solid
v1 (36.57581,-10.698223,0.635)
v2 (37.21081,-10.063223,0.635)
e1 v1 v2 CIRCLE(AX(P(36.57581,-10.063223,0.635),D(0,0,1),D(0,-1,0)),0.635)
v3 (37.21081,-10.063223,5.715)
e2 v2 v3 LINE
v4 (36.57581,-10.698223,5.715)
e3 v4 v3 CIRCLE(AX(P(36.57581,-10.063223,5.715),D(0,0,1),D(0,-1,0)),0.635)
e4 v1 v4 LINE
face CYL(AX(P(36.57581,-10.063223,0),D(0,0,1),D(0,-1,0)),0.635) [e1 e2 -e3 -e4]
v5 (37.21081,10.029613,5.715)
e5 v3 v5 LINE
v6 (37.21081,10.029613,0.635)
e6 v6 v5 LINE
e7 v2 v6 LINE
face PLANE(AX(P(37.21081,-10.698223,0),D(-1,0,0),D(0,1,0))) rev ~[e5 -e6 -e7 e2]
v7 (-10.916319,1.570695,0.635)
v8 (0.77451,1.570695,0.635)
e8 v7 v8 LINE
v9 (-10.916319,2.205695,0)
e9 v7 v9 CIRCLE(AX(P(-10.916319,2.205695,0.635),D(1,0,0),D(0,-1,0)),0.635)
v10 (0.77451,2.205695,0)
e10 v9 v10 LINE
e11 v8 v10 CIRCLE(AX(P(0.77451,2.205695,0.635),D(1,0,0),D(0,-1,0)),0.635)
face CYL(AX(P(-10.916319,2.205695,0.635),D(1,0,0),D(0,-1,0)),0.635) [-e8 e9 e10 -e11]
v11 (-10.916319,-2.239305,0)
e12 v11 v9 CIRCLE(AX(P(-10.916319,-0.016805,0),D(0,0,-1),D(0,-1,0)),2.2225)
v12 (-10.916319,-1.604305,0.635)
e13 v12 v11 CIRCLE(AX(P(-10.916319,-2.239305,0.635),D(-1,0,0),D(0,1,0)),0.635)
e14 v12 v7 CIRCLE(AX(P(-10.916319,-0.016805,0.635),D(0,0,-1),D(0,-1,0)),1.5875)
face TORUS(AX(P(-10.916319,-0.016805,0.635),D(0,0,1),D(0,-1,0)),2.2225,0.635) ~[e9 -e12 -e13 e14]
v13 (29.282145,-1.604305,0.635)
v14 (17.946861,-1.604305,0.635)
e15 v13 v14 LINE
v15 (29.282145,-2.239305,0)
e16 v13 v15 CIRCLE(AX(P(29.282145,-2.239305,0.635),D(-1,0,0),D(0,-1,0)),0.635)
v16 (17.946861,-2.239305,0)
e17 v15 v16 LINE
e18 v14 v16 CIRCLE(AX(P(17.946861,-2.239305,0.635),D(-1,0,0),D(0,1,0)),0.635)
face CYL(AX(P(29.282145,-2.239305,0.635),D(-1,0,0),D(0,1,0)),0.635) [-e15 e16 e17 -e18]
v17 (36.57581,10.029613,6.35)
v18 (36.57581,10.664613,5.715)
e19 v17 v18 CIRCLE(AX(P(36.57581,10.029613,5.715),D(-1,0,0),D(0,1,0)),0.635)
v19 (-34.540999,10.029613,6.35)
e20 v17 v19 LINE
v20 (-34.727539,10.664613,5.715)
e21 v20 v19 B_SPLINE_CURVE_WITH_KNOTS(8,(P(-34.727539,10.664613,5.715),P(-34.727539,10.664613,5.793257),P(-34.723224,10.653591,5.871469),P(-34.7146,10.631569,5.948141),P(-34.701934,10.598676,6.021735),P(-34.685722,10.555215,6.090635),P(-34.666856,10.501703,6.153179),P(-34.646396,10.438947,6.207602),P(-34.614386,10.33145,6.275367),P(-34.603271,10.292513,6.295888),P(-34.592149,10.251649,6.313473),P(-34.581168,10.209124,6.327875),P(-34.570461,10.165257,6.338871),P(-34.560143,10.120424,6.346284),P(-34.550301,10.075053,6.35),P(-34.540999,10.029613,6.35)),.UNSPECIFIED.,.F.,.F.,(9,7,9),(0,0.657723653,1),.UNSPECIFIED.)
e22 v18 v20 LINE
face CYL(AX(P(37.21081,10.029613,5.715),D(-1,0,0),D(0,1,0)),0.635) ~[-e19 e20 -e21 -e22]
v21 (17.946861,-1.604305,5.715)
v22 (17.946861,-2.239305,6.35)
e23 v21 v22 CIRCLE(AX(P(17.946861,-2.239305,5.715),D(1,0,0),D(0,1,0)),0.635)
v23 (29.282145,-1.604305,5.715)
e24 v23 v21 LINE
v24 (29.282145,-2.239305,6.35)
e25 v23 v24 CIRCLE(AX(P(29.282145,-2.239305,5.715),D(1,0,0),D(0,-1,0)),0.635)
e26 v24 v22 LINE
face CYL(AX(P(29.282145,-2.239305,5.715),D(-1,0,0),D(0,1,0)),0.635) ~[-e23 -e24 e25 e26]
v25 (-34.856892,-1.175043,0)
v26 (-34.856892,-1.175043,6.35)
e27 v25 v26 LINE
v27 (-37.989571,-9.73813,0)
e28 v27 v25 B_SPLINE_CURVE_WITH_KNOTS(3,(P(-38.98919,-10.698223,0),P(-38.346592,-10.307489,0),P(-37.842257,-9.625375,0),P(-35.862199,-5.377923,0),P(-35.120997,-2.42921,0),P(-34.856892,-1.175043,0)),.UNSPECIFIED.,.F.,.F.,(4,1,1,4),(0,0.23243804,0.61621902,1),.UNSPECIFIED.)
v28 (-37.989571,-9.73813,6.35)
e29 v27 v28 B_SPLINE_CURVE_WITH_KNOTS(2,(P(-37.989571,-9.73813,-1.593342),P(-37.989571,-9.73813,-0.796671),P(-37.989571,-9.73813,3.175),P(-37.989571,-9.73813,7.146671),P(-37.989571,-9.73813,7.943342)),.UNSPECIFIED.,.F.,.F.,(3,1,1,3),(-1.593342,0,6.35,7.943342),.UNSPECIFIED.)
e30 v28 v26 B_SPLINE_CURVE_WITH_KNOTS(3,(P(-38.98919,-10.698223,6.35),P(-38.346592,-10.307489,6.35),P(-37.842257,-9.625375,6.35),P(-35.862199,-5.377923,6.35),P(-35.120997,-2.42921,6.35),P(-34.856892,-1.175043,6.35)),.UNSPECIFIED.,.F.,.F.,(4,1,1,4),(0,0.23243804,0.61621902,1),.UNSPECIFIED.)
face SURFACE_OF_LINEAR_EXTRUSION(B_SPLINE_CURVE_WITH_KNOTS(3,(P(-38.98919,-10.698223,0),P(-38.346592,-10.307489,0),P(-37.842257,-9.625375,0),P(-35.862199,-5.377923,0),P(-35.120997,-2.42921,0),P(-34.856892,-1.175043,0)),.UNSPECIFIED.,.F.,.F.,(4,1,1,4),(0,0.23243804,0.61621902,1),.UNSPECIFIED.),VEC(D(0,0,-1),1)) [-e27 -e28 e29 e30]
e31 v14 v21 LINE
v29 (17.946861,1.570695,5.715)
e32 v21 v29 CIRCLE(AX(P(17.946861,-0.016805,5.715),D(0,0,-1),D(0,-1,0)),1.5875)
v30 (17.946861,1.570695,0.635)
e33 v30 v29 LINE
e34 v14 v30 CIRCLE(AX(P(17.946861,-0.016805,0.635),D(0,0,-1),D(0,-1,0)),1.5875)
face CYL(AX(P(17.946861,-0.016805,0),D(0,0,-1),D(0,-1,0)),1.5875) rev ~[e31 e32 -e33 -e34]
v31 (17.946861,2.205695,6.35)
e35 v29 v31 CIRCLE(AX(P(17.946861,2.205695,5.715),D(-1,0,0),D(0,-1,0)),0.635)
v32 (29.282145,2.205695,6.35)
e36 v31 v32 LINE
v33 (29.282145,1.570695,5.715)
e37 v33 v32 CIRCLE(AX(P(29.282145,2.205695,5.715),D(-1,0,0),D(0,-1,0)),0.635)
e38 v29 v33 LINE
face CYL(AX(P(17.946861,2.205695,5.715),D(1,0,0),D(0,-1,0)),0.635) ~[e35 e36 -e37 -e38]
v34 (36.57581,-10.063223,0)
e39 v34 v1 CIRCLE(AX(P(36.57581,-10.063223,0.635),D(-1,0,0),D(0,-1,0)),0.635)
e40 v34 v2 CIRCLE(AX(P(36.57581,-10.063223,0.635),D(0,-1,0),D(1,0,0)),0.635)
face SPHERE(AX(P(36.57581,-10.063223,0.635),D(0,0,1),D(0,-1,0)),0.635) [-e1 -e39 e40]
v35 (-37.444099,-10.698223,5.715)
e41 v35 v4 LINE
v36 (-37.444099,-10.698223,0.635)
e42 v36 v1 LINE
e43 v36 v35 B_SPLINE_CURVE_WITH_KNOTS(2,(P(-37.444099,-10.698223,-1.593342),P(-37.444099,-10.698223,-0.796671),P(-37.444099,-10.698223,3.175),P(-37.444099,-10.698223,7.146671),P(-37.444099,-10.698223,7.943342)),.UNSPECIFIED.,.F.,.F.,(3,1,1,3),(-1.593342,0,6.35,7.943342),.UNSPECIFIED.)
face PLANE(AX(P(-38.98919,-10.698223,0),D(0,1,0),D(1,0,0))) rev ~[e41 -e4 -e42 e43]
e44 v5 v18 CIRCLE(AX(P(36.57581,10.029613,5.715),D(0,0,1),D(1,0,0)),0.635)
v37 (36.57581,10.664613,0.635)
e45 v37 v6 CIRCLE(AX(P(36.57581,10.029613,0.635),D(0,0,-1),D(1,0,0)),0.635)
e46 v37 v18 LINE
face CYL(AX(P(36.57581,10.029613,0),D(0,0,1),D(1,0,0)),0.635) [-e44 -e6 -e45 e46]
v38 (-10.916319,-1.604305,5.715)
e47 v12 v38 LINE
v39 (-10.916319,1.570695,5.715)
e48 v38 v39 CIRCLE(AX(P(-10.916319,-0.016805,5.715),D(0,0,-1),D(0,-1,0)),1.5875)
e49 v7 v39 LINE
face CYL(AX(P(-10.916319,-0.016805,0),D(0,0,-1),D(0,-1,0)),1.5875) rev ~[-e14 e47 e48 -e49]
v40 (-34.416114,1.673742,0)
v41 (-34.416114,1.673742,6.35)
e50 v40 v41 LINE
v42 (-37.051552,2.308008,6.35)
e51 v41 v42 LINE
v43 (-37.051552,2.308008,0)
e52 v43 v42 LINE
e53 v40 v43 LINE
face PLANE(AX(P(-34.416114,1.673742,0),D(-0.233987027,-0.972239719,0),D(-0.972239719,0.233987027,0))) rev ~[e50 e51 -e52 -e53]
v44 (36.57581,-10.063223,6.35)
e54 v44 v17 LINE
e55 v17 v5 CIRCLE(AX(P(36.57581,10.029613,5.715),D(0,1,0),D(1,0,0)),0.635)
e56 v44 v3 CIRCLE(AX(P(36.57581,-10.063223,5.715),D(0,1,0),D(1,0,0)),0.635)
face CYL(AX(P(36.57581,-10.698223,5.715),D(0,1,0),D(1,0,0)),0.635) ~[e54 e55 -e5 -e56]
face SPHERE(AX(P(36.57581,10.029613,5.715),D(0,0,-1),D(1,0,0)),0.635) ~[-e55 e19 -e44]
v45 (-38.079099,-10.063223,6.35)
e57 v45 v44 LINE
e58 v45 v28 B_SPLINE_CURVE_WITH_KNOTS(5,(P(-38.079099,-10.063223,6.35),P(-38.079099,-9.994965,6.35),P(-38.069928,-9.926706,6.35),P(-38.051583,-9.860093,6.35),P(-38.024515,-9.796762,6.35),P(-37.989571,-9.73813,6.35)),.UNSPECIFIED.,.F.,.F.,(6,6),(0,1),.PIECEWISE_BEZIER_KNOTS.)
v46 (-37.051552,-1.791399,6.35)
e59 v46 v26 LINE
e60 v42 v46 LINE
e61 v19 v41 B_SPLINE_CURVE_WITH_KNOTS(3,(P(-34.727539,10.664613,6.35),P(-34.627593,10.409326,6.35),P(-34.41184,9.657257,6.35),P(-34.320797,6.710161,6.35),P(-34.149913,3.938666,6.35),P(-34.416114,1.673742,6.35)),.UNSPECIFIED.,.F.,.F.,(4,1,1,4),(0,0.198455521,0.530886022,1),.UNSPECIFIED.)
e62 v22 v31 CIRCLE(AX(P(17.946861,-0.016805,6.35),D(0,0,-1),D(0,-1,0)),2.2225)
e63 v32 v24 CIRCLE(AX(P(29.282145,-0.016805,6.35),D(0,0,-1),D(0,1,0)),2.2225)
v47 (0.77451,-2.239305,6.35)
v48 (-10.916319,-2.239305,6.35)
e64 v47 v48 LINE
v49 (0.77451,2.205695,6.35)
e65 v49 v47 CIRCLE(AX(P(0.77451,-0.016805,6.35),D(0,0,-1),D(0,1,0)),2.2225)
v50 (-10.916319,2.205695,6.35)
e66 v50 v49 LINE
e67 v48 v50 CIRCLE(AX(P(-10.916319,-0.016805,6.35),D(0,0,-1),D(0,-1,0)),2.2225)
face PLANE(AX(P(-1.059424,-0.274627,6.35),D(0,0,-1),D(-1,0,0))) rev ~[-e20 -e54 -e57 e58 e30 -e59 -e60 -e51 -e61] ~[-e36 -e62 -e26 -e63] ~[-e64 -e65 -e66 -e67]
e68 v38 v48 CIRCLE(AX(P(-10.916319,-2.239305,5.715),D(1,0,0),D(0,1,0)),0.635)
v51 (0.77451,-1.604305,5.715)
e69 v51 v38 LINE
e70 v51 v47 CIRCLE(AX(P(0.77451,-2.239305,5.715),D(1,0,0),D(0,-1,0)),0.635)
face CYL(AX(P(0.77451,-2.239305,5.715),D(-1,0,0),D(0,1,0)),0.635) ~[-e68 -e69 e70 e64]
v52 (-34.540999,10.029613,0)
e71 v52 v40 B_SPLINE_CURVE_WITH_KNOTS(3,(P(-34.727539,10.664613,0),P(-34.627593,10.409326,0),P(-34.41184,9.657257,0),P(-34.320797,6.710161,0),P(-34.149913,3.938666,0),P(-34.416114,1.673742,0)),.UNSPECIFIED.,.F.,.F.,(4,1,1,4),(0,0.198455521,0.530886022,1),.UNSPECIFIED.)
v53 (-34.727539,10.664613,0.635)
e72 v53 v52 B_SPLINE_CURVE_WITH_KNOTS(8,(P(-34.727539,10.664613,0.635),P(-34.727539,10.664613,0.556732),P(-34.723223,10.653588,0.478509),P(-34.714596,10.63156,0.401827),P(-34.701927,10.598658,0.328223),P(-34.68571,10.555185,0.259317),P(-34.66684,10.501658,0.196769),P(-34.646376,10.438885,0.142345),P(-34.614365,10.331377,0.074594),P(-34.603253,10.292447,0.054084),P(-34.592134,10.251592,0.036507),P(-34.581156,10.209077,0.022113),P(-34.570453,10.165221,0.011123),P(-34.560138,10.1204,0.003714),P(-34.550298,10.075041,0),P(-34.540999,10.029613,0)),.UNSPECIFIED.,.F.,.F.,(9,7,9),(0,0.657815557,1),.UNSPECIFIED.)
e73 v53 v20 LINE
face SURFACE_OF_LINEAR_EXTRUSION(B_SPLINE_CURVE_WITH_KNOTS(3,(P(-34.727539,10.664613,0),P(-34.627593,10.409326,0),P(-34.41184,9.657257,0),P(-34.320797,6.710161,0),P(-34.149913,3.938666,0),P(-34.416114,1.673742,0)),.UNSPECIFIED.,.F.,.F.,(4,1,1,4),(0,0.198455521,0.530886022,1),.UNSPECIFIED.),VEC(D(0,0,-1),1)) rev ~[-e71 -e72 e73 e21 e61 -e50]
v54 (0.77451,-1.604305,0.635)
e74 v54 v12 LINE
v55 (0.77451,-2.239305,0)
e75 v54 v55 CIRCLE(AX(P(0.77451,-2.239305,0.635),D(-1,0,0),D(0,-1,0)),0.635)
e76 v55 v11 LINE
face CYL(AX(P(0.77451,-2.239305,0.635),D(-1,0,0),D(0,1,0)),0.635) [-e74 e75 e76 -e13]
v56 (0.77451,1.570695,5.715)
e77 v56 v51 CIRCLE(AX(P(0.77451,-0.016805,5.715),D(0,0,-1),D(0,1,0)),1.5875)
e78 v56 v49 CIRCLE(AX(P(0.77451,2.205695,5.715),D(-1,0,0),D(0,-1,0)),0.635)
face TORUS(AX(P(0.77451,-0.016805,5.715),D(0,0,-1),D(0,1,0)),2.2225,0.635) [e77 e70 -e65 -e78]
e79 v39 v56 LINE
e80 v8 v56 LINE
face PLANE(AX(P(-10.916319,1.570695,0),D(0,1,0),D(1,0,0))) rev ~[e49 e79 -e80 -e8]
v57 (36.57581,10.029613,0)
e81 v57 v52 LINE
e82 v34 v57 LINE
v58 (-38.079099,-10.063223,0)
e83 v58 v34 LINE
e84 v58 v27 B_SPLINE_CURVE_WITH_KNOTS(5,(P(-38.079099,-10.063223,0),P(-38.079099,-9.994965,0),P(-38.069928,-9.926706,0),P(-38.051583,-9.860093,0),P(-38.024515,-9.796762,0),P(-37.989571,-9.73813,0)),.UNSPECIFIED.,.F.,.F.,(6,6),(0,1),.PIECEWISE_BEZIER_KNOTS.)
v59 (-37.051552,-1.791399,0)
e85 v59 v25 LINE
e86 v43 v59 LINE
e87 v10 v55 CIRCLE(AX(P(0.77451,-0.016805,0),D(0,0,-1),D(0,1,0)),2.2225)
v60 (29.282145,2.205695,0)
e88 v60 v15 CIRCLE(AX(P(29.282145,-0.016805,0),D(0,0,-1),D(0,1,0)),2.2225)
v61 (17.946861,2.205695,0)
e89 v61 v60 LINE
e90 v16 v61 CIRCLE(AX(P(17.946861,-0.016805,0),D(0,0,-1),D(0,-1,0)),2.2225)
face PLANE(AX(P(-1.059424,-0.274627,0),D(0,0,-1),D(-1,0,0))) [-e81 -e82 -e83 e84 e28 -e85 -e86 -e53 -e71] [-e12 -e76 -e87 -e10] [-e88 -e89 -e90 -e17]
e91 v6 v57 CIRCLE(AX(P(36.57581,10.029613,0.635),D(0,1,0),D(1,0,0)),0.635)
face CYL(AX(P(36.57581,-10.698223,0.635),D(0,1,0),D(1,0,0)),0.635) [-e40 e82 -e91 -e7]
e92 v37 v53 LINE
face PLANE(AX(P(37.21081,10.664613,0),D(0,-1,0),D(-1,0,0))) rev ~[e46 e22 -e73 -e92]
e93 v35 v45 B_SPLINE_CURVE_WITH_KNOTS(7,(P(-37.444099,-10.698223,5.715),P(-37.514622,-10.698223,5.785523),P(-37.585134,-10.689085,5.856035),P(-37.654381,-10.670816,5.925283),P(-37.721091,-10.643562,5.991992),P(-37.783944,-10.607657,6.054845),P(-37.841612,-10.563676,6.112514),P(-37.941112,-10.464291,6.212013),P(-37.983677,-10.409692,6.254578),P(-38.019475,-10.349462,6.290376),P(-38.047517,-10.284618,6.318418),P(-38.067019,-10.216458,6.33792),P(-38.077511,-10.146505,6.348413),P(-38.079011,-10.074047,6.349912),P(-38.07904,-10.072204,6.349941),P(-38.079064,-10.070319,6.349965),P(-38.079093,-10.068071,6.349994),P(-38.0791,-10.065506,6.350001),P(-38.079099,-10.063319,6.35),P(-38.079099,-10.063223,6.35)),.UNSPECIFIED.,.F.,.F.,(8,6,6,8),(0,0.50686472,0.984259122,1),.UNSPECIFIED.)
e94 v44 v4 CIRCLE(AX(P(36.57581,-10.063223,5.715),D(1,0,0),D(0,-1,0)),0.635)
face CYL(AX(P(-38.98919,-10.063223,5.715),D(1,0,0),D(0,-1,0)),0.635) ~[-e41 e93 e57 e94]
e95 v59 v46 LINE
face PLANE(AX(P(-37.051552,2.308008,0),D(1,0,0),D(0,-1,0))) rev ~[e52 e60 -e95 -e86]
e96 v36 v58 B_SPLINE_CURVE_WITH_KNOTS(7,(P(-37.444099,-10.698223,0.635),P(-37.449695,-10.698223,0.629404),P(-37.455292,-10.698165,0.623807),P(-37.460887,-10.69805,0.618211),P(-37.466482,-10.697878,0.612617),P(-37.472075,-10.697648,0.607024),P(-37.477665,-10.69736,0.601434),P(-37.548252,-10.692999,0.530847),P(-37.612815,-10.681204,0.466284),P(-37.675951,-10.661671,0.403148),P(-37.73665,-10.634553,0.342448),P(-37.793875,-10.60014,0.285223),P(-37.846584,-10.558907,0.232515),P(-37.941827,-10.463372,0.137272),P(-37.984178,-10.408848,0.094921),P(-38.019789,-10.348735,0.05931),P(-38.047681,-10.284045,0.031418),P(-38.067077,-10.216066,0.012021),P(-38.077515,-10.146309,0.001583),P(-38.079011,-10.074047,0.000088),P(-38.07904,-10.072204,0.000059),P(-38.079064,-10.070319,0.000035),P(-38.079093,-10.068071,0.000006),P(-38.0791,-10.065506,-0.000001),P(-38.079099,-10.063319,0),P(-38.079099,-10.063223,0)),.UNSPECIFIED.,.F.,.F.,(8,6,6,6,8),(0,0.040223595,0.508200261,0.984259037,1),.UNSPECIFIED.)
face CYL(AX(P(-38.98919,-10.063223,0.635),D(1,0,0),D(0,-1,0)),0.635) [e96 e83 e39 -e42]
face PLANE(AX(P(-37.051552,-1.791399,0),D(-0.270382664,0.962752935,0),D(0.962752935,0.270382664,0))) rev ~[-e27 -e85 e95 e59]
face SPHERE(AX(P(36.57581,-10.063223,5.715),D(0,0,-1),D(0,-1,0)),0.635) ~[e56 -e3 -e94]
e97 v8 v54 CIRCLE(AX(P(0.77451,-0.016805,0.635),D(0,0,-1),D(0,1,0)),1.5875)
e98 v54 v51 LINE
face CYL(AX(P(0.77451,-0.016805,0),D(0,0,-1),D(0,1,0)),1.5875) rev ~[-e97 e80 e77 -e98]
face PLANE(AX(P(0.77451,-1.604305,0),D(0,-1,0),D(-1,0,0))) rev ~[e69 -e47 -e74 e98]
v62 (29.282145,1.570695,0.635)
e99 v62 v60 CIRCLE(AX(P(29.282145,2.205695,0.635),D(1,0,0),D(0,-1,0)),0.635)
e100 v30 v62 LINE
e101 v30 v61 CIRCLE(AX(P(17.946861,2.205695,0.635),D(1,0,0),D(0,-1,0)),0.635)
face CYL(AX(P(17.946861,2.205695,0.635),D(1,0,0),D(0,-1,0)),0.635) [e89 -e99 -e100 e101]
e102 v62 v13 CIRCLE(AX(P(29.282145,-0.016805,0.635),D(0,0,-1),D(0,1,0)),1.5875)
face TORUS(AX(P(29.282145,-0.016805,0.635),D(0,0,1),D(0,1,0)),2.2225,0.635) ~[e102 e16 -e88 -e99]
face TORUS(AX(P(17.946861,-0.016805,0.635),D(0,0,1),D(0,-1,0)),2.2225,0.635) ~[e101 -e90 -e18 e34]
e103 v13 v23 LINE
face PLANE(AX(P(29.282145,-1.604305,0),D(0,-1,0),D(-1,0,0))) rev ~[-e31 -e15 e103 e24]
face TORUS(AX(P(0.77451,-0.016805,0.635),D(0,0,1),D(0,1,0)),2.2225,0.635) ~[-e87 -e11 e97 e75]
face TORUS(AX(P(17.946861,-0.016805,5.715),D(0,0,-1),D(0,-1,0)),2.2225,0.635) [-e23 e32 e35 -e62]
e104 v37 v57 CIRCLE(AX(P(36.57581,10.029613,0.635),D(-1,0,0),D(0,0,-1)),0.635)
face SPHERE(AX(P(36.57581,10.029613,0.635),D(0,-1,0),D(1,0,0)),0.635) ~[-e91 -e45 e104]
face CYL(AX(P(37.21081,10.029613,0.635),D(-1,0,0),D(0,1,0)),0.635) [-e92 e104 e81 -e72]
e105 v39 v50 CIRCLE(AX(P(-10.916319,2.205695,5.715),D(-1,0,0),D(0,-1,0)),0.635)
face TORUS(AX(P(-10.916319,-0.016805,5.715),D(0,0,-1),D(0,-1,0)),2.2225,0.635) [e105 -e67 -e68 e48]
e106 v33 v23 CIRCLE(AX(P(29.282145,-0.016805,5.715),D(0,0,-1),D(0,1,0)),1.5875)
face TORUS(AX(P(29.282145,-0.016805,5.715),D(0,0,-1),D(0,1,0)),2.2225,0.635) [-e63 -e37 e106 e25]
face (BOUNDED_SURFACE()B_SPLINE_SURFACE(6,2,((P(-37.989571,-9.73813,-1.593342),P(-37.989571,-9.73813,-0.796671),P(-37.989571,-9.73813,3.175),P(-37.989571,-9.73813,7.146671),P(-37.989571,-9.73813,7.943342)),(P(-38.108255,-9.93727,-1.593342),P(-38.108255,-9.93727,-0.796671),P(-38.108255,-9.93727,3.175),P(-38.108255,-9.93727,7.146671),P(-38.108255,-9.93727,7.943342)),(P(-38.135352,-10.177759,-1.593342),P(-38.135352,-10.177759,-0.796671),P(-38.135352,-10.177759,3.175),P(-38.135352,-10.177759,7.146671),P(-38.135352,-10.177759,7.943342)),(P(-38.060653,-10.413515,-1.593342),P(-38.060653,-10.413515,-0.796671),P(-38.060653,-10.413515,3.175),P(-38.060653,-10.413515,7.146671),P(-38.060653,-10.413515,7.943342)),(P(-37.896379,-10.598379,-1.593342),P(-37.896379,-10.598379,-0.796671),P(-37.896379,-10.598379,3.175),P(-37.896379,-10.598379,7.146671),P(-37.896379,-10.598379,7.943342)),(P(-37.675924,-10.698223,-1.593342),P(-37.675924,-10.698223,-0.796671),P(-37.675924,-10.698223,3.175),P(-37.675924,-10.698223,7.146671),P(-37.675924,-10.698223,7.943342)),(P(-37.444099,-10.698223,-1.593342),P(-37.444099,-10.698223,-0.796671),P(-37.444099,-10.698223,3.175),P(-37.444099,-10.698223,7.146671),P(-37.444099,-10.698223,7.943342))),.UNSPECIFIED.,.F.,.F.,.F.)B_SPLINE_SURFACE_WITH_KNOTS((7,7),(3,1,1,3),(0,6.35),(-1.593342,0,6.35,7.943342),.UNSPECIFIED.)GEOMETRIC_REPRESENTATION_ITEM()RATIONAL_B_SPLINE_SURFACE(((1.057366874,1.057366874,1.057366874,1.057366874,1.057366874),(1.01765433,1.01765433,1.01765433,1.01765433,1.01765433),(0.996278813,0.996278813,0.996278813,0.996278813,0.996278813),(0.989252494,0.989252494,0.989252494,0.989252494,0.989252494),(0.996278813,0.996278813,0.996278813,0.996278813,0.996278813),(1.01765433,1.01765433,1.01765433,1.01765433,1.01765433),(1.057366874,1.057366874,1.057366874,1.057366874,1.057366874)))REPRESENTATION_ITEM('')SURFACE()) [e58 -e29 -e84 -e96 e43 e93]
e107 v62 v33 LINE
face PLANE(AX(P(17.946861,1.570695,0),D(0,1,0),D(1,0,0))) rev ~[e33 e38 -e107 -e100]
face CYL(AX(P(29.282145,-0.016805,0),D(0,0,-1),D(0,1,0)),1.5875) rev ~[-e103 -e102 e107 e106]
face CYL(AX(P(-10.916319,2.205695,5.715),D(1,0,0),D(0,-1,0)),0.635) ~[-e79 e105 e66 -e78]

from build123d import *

# Parameters (mm, degrees)
F1_DEPTH = 6.35
F2_R     = 0.635


with BuildPart() as f1:
    # F0 (on Top) → F1 (new body)
    with BuildSketch(Plane.XY):
        with BuildLine():
            add(Edge.make_bspline(
                [(-38.9891895168, -10.6982229425), (-38.3465920283, -10.3074894534), (-37.8422569059, -9.6253746617), (-35.8621994283, -5.3779231667), (-35.1209965892, -2.4292102932), (-34.8568920019, -1.175043316)],
                knots=[0, 0, 0, 0, 0.2324380402, 0.6162190201, 1, 1, 1, 1], degree=3))
            Line((-38.9891895168, -10.6982229425), (37.2108104832, -10.6982229425))
            Line((37.2108104832, -10.6982229425), (37.2108104832, 10.6646132435))
            Line((37.2108104832, 10.6646132435), (-34.7275388503, 10.6646132435))
            add(Edge.make_bspline(
                [(-34.7275388503, 10.6646132435), (-34.6275926151, 10.4093259266), (-34.4118404297, 9.6572574945), (-34.3207970154, 6.7101610318), (-34.149913299, 3.9386656499), (-34.416114208, 1.6737423804)],
                knots=[0, 0, 0, 0, 0.1984555205, 0.5308860218, 1, 1, 1, 1], degree=3))
            Line((-34.416114208, 1.6737423804), (-37.0515519649, 2.308008018))
            Line((-37.0515519649, 2.308008018), (-37.0515519649, -1.7913987552))
            Line((-37.0515519649, -1.7913987552), (-34.8568920019, -1.175043316))
        make_face()
        with BuildLine():
            Line((0.7745096379, -1.6043048495), (-10.9163193113, -1.6043048495))
            ThreePointArc((-10.9163193113, -1.6043048495), (-12.5038193113, -0.0168048495), (-10.9163193113, 1.5706951505))
            Line((-10.9163193113, 1.5706951505), (0.7745096379, 1.5706951505))
            ThreePointArc((0.7745096379, 1.5706951505), (2.3620096379, -0.0168048495), (0.7745096379, -1.6043048495))
        make_face(mode=Mode.SUBTRACT)
        with BuildLine():
            Line((29.2821446352, -1.6043048495), (17.9468611174, -1.6043048495))
            ThreePointArc((17.9468611174, -1.6043048495), (16.3593611174, -0.0168048495), (17.9468611174, 1.5706951505))
            Line((17.9468611174, 1.5706951505), (29.2821446352, 1.5706951505))
            ThreePointArc((29.2821446352, 1.5706951505), (30.8696446352, -0.0168048495), (29.2821446352, -1.6043048495))
        make_face(mode=Mode.SUBTRACT)
    extrude(amount=F1_DEPTH)

    # F2
    f2_edges = [f1.edges().sort_by_distance(p)[0] for p in [
        (37.21081, -10.698223, 3.175),
        (-38.98919, -10.698223, 3.175),
        (-0.88919, -10.698223, 0),
        (-0.88919, -10.698223, 6.35),
        (37.21081, -0.016805, 0),
        (37.21081, 10.664613, 3.175),
        (37.21081, -0.016805, 6.35),
        (1.241636, 10.664613, 6.35),
        (1.241636, 10.664613, 0),
        (-10.916319, 1.570695, 3.175),
        (0.77451, 1.570695, 3.175),
        (-5.070905, 1.570695, 0),
        (-5.070905, 1.570695, 6.35),
        (17.946861, 1.570695, 3.175),
        (29.282145, 1.570695, 3.175),
        (23.614503, 1.570695, 0),
        (23.614503, 1.570695, 6.35),
    ]]
    fillet(f2_edges, radius=F2_R)


solid = f1.part
